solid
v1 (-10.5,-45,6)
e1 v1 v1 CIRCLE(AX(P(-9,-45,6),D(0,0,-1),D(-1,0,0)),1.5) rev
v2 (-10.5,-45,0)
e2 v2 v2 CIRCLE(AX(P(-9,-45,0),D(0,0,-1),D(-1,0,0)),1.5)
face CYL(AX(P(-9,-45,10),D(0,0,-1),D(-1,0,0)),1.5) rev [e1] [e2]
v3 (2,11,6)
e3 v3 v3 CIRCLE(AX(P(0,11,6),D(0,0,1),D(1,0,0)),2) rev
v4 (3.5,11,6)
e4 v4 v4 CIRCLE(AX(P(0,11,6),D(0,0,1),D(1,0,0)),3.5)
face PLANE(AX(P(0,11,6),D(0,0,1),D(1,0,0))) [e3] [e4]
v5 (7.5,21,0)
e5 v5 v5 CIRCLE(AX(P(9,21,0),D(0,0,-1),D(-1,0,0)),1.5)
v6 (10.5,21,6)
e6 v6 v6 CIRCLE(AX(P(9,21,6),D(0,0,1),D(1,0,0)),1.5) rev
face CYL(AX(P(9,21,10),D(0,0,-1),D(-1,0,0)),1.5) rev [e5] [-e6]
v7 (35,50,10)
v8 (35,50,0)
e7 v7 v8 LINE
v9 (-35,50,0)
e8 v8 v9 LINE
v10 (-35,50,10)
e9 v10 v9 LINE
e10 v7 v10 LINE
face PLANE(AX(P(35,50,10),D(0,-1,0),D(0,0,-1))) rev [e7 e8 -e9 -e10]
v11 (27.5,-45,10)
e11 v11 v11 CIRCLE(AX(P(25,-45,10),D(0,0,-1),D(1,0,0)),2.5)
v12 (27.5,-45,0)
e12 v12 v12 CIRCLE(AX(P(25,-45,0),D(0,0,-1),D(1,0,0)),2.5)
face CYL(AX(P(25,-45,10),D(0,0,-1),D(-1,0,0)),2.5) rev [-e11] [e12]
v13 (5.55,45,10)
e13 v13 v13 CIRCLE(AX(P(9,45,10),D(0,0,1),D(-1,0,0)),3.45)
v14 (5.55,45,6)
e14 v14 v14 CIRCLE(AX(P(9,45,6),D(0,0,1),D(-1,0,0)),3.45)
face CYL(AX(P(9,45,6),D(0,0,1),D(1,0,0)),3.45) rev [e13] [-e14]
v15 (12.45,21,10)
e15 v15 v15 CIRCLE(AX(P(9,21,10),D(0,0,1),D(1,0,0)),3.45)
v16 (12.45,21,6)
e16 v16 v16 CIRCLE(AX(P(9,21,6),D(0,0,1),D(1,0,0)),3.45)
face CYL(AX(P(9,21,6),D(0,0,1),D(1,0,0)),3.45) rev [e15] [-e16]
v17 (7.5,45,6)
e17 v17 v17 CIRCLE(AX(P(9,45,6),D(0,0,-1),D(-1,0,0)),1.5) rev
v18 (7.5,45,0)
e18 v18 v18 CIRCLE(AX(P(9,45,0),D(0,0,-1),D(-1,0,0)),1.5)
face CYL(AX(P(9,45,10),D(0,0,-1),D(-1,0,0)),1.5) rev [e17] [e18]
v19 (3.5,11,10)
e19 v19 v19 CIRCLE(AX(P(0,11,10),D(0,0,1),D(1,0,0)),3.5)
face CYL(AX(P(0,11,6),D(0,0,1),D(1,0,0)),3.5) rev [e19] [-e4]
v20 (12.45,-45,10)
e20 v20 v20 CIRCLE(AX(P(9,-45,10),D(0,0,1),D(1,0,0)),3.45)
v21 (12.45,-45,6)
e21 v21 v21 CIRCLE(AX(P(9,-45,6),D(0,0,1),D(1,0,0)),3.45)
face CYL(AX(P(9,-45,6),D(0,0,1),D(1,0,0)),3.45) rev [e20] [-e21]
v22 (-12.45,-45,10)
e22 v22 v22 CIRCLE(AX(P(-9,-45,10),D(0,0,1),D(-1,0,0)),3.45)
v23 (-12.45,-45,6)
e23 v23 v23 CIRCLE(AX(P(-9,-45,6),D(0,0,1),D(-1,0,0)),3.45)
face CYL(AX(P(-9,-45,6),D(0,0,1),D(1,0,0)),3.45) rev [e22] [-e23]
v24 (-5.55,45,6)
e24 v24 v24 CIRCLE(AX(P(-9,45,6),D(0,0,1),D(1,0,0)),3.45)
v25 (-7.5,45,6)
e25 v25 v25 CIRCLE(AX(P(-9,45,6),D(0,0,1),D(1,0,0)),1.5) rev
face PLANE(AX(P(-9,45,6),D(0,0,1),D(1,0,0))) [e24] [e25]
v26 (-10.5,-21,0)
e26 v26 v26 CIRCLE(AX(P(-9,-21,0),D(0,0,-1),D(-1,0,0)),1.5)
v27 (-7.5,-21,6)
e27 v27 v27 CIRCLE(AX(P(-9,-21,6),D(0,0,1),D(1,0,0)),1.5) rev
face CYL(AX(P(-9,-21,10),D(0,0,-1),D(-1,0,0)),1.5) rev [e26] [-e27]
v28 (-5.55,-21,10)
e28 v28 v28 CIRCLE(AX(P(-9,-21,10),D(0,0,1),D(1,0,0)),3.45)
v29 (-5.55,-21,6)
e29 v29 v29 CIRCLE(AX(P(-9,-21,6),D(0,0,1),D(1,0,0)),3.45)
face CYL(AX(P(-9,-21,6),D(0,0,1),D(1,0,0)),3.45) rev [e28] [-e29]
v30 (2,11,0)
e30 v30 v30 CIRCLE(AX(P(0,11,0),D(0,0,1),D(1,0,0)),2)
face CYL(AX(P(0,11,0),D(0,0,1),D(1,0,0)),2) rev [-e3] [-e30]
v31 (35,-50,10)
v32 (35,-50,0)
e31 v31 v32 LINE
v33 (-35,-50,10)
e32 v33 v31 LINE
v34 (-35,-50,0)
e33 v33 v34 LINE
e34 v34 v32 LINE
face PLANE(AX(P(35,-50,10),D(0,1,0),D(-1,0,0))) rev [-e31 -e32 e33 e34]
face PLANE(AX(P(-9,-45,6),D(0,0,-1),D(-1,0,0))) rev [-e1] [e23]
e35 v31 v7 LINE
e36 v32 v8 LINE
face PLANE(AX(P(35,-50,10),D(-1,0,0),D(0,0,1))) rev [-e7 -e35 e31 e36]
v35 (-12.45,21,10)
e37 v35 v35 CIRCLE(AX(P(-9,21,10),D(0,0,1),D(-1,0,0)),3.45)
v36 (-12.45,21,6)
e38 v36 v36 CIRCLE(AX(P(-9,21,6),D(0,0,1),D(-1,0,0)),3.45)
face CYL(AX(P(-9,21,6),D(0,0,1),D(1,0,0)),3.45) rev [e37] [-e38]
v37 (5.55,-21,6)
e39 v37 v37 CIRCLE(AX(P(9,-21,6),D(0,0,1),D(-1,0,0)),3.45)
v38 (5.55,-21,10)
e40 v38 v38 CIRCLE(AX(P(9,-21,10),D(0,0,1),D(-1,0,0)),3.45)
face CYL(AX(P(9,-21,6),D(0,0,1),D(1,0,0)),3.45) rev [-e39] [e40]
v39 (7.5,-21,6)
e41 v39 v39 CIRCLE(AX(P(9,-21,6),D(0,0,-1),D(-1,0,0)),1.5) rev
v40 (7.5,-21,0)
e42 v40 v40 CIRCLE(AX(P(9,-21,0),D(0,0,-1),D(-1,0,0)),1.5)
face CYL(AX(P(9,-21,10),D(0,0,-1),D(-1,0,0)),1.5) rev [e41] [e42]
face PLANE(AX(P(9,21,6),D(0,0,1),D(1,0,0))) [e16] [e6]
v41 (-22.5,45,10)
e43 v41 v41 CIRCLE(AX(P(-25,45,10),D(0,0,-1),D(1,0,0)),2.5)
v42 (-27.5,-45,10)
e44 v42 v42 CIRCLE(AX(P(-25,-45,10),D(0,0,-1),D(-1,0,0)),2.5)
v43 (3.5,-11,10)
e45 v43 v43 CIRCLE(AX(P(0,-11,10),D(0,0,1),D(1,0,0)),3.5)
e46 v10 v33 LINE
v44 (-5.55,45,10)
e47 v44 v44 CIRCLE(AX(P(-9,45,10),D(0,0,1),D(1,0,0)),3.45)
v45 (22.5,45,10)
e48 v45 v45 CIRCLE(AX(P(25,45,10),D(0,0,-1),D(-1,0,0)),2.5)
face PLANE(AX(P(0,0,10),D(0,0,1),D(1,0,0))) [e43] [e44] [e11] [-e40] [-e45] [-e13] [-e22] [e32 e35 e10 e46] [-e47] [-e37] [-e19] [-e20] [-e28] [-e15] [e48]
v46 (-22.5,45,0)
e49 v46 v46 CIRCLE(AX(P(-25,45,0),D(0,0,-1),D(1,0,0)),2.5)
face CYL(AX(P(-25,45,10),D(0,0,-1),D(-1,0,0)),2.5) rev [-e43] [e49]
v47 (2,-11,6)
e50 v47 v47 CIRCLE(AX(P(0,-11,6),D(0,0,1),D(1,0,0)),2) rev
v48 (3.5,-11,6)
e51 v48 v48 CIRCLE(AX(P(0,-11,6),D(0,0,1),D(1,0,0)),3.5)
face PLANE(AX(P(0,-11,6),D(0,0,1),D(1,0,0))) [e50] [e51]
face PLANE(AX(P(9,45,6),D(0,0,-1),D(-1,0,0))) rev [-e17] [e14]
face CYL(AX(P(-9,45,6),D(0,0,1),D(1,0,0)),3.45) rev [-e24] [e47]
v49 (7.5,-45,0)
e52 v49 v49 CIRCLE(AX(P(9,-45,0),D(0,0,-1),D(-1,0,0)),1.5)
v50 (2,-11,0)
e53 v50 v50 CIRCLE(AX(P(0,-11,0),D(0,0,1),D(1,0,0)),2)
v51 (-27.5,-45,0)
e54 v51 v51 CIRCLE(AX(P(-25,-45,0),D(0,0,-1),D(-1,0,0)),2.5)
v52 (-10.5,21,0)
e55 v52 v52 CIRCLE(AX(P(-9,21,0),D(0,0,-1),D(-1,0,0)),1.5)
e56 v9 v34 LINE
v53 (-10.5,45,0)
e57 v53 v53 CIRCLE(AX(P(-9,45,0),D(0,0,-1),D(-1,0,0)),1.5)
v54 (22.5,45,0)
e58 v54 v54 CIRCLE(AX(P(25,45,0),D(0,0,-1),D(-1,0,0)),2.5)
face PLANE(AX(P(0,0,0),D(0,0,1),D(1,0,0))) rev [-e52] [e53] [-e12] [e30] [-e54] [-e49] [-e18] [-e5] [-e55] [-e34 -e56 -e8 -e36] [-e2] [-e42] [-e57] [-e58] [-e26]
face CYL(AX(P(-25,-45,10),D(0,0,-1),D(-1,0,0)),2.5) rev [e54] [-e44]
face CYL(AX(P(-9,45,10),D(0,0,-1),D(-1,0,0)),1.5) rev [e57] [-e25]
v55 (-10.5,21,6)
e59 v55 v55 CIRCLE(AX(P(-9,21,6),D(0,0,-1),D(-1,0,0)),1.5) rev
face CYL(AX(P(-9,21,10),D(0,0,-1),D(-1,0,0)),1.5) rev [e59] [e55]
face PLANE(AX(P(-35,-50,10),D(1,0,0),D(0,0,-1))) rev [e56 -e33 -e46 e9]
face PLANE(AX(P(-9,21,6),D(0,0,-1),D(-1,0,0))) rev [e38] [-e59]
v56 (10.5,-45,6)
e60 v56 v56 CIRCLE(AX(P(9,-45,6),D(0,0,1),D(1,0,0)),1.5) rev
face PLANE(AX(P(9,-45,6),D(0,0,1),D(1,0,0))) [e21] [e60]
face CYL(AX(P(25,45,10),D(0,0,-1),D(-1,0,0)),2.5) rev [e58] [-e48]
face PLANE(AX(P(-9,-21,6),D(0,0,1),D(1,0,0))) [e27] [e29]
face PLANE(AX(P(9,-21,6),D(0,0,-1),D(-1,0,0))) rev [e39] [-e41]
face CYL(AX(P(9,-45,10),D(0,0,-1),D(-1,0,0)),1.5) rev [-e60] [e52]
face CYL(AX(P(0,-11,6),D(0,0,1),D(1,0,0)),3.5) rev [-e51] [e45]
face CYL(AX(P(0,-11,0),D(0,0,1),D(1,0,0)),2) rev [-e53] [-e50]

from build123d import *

# Parameters (mm, degrees)
SKETCH1_W           = 70
SKETCH1_H           = 100
BOSS_EXTRUDE1_DEPTH = 10
SKETCH2_R           = 2.5
CUT_EXTRUDE1_DEPTH  = 11
SKETCH3_R           = 1.5
CUT_EXTRUDE2_DEPTH  = 11
SKETCH4_R           = 3.45
CUT_EXTRUDE3_DEPTH  = 4
SKETCH5_R           = 2
CUT_EXTRUDE4_DEPTH  = 11
SKETCH6_R           = 3.5
CUT_EXTRUDE5_DEPTH  = 4


with BuildPart() as part:
    # Sketch1 → Boss-Extrude1 (new body)
    with BuildSketch(Plane.XY):
        Rectangle(SKETCH1_W, SKETCH1_H)
    extrude(amount=BOSS_EXTRUDE1_DEPTH)

    # Sketch2 → Cut-Extrude1 (cut, through all)
    with BuildSketch(Plane(origin=(0, 0, 0), x_dir=(-1, 0, 0), z_dir=(0, 0, -1))):
        with Locations((-25, 45)):
            Circle(SKETCH2_R)
        with Locations((25, 45)):
            Circle(SKETCH2_R)
        with Locations((-25, -45)):
            Circle(SKETCH2_R)
        with Locations((25, -45)):
            Circle(SKETCH2_R)
    extrude(amount=-CUT_EXTRUDE1_DEPTH, mode=Mode.SUBTRACT)

    # Sketch3 → Cut-Extrude2 (cut, through all)
    with BuildSketch(Plane(origin=(0, 0, 0), x_dir=(-1, 0, 0), z_dir=(0, 0, -1))):
        with Locations((9, 21)):
            Circle(SKETCH3_R)
        with Locations((9, 45)):
            Circle(SKETCH3_R)
        with Locations((-9, 21)):
            Circle(SKETCH3_R)
        with Locations((-9, 45)):
            Circle(SKETCH3_R)
        with Locations((9, -45)):
            Circle(SKETCH3_R)
        with Locations((9, -21)):
            Circle(SKETCH3_R)
        with Locations((-9, -45)):
            Circle(SKETCH3_R)
        with Locations((-9, -21)):
            Circle(SKETCH3_R)
    extrude(amount=-CUT_EXTRUDE2_DEPTH, mode=Mode.SUBTRACT)

    # Sketch4 → Cut-Extrude3 (cut)
    with BuildSketch(Plane.XY.offset(10)):
        with Locations((-9, 45)):
            Circle(SKETCH4_R)
        with Locations((-9, 21)):
            Circle(SKETCH4_R)
        with Locations((9, 21)):
            Circle(SKETCH4_R)
        with Locations((9, 45)):
            Circle(SKETCH4_R)
        with Locations((9, -21)):
            Circle(SKETCH4_R)
        with Locations((-9, -21)):
            Circle(SKETCH4_R)
        with Locations((-9, -45)):
            Circle(SKETCH4_R)
        with Locations((9, -45)):
            Circle(SKETCH4_R)
    extrude(amount=-CUT_EXTRUDE3_DEPTH, mode=Mode.SUBTRACT)

    # Sketch5 → Cut-Extrude4 (cut, through all)
    with BuildSketch(Plane.XY.offset(10)):
        with Locations((0, -11)):
            Circle(SKETCH5_R)
        with Locations((0, 11)):
            Circle(SKETCH5_R)
    extrude(amount=-CUT_EXTRUDE4_DEPTH, mode=Mode.SUBTRACT)

    # Sketch6 → Cut-Extrude5 (cut)
    with BuildSketch(Plane.XY.offset(10)):
        with Locations((0, 11)):
            Circle(SKETCH6_R)
        with Locations((0, -11)):
            Circle(SKETCH6_R)
    extrude(amount=-CUT_EXTRUDE5_DEPTH, mode=Mode.SUBTRACT)


solid = part.part
